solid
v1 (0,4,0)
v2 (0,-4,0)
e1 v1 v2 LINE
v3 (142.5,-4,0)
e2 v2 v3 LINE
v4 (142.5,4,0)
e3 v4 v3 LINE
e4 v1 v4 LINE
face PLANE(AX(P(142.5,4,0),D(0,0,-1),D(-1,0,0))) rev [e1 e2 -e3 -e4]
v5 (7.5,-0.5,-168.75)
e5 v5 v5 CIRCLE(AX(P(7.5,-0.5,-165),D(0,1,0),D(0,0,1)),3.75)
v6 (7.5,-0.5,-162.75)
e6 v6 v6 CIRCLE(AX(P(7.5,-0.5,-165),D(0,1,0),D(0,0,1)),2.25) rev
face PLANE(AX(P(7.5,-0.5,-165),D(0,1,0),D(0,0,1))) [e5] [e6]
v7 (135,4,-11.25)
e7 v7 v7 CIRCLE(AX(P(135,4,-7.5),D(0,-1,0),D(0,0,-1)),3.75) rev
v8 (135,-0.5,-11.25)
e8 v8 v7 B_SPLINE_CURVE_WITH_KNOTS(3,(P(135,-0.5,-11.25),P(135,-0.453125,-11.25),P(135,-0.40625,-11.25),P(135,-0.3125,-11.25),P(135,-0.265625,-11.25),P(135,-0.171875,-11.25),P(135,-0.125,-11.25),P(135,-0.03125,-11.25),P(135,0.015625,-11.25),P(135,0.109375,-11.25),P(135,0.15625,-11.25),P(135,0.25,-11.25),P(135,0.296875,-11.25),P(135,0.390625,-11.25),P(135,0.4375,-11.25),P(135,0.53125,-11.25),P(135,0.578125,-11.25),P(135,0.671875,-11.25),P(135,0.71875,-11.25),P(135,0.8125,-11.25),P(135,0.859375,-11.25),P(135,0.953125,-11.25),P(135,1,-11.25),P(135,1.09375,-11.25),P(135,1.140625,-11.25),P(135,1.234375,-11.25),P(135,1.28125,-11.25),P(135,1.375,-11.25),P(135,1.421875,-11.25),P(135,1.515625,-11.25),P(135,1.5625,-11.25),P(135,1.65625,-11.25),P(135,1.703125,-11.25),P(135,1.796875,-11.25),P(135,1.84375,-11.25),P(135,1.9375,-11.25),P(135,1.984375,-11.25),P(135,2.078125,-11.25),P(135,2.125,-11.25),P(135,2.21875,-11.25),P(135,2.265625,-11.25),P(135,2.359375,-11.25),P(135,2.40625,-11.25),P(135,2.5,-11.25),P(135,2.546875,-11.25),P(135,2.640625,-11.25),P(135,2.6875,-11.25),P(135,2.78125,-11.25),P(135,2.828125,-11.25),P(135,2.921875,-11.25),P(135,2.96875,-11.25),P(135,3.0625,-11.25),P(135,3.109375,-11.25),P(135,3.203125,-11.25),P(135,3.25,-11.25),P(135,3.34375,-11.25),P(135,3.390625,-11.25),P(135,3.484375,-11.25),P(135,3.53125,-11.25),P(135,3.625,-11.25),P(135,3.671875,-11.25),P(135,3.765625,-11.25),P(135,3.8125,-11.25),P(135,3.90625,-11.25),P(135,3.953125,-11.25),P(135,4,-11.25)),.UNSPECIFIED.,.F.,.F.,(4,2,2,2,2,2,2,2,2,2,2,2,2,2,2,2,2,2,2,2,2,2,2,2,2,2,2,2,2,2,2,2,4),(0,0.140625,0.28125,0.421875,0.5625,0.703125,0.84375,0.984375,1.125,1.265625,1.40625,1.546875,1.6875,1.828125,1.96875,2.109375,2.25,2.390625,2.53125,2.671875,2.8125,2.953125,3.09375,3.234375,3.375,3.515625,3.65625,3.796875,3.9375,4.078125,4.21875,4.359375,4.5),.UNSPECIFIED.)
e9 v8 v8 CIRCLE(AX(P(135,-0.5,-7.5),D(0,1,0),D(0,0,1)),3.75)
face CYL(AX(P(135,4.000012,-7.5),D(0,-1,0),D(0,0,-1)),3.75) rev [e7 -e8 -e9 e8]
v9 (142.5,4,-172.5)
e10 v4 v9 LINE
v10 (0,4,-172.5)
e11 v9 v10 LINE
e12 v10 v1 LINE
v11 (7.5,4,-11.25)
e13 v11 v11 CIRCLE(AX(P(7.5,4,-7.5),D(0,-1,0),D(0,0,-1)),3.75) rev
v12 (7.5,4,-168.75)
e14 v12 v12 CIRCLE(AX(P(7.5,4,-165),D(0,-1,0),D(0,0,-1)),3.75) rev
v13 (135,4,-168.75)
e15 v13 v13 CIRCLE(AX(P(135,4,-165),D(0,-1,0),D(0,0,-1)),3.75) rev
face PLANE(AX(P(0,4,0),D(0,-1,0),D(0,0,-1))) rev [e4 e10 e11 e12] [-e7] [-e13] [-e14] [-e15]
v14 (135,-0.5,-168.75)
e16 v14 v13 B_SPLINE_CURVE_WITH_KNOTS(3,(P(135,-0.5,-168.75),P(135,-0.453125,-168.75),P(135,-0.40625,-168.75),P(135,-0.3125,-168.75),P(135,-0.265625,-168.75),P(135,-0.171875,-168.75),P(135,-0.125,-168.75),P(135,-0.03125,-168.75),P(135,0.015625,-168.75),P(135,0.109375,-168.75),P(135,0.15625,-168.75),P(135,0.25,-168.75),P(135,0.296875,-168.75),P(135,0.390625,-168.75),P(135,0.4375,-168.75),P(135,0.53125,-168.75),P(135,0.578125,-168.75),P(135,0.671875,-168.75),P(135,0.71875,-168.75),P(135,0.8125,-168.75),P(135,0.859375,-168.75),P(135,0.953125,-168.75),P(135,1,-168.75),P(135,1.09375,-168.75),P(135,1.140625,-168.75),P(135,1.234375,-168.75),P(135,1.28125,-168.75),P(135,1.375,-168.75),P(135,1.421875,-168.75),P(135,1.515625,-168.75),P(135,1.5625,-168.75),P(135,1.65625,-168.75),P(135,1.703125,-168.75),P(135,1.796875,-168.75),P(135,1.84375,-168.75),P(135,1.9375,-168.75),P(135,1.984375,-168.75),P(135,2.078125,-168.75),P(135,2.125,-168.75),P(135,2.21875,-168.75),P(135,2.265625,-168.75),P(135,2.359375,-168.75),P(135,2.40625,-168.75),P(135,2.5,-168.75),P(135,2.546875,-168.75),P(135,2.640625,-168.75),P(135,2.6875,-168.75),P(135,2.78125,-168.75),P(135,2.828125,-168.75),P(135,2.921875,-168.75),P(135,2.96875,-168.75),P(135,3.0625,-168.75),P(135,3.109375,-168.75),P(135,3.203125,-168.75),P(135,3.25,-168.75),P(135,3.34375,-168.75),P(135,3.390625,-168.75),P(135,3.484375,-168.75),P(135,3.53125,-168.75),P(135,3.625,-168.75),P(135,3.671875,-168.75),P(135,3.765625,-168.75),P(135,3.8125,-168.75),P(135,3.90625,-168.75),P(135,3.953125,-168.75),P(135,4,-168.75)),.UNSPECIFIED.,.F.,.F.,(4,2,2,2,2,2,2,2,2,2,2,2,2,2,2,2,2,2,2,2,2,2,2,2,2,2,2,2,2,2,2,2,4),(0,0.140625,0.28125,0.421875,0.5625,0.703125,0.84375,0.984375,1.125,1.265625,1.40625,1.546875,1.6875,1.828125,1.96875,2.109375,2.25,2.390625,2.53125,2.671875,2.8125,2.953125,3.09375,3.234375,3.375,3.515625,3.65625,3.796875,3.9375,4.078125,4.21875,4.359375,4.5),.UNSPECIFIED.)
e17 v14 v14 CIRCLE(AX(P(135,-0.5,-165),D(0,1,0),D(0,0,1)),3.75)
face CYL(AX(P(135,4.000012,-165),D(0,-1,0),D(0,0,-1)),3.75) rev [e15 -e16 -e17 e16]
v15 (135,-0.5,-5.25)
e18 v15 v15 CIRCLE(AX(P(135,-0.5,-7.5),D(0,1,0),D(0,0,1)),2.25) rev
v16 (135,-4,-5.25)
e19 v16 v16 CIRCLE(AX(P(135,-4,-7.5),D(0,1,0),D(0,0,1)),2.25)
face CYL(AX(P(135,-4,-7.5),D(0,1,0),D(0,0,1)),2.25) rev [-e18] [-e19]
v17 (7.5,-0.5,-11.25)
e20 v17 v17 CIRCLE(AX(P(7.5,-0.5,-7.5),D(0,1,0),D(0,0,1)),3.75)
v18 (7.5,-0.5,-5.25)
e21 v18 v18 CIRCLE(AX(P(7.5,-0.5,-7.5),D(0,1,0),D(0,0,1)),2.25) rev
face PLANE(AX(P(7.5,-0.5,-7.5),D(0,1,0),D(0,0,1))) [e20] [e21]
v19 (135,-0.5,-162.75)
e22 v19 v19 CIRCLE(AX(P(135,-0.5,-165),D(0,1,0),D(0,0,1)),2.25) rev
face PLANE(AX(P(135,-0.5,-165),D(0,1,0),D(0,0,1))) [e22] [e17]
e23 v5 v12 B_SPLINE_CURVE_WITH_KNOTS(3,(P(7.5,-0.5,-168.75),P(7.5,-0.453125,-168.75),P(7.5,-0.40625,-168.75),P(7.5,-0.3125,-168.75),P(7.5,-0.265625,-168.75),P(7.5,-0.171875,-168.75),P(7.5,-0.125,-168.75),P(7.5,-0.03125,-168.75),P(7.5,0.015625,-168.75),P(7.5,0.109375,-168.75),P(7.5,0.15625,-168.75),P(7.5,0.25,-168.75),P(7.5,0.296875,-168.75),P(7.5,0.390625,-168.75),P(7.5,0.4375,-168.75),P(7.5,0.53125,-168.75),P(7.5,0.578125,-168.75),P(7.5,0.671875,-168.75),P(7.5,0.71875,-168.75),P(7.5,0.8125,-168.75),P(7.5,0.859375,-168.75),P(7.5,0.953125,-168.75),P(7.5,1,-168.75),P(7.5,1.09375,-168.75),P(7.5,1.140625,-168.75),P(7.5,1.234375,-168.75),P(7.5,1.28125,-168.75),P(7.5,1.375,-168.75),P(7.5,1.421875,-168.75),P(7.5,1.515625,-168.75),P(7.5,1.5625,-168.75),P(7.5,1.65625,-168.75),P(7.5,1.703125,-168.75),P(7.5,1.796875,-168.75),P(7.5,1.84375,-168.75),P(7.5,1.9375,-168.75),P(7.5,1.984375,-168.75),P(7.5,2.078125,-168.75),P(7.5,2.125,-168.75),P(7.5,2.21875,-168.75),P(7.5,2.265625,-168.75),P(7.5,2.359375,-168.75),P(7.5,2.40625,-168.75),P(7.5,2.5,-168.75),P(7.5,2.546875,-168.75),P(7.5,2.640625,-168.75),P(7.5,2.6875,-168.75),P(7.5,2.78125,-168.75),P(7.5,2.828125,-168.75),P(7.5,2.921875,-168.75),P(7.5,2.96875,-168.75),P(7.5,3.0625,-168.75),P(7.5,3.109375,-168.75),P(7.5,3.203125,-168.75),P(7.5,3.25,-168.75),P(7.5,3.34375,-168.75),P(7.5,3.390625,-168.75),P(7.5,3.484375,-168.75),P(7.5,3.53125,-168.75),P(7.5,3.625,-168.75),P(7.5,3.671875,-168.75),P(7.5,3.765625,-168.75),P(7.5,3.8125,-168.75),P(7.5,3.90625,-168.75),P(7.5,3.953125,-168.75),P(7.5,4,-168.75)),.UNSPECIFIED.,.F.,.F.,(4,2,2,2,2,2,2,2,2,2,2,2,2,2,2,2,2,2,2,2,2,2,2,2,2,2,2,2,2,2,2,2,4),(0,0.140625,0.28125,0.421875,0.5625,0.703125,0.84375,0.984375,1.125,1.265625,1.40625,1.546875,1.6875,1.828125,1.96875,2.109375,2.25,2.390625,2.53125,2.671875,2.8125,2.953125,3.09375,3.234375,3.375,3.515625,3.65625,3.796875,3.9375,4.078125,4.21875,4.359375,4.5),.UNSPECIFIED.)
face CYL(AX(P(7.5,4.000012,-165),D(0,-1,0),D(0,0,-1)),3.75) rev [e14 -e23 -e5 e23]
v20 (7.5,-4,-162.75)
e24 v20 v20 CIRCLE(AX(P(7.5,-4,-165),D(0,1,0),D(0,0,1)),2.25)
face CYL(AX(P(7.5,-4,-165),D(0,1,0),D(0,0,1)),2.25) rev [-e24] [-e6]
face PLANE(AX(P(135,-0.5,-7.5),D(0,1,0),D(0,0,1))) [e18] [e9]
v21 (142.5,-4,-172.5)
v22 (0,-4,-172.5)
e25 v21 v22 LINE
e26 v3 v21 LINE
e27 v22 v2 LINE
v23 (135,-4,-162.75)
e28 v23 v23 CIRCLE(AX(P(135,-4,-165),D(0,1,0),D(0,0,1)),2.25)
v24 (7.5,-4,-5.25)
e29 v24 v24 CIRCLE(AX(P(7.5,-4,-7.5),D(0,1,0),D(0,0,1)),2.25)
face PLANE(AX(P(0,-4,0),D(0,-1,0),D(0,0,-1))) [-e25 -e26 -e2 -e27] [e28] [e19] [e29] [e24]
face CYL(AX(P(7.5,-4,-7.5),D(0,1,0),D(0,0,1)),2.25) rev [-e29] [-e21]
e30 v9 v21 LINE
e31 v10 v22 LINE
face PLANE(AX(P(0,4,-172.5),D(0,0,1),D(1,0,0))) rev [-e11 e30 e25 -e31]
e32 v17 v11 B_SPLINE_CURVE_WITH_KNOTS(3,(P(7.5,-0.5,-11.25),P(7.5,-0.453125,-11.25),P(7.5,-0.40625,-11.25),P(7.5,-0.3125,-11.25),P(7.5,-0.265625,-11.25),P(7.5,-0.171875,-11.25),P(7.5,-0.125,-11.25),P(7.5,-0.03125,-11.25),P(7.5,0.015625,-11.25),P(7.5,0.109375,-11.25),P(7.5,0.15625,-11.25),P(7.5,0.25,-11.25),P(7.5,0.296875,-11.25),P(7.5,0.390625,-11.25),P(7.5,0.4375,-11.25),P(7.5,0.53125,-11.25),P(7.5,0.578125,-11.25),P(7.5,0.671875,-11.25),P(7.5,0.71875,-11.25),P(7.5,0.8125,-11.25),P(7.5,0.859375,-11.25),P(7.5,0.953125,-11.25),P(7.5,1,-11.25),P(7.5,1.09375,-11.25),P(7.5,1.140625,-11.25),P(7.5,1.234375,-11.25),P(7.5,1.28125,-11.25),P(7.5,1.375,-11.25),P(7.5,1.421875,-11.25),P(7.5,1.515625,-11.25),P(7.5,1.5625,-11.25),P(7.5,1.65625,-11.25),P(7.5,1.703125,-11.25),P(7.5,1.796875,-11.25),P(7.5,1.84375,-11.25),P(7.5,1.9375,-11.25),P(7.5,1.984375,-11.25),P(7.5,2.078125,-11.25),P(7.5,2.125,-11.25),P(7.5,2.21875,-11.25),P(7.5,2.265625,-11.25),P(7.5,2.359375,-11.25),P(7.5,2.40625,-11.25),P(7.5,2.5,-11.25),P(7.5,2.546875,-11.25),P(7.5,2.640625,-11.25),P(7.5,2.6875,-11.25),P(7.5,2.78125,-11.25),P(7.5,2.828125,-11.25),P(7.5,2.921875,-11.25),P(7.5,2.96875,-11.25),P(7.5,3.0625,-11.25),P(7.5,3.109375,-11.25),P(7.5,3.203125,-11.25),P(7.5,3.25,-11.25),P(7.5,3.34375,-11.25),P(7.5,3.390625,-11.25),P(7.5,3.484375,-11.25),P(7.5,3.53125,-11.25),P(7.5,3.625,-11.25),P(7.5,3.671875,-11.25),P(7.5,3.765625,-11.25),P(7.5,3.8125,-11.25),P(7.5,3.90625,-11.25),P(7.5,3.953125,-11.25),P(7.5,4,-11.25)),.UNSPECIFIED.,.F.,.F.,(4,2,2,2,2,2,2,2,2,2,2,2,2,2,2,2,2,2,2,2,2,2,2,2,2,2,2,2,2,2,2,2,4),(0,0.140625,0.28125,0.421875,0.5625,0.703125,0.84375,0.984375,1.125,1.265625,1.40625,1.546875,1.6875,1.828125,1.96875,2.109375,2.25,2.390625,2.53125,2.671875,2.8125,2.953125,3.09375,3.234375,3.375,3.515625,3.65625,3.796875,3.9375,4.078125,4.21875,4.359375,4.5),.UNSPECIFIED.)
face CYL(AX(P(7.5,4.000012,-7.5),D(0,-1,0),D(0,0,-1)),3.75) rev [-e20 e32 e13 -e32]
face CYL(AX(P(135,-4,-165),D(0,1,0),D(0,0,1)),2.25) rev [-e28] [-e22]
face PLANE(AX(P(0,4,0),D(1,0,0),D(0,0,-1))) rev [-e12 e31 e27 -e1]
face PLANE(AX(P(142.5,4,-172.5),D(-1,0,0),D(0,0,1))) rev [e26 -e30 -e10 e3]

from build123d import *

# Parameters (mm, degrees)
SKETCH1_W               = 142.5
SKETCH1_H               = 172.5
BOSS_EXTRUDE1_DEPTH     = 4
CUT_EXTRUDE1_DEPTH      = 224.889481665
CUT_EXTRUDE1_DEPTH_BACK = 224.889481665
SKETCH2_R               = 2.25
CUT_EXTRUDE2_DEPTH      = 224.889481665
CUT_EXTRUDE2_DEPTH_BACK = 4.5
SKETCH3_R               = 3.75


with BuildPart() as part:
    # Sketch1 → Boss-Extrude1 (new, symmetric)
    with BuildSketch(Plane(origin=(0, 0, 0), x_dir=(1, 0, 0), z_dir=(0, 1, 0))):
        with Locations((71.25, 86.25)):
            Rectangle(SKETCH1_W, SKETCH1_H)
    extrude(amount=BOSS_EXTRUDE1_DEPTH, both=True)

    # Sketch2 → Cut-Extrude1 (cut, two sides: drawn at the far end of the back side and taken through both)
    with BuildSketch(Plane(origin=(0, 4, 0), x_dir=(1, 0, 0), z_dir=(0, 1, 0)).offset(-CUT_EXTRUDE1_DEPTH_BACK)):
        with Locations(Location((7.5, 165, 0), (0, 0, 270))):
            Circle(SKETCH2_R)
        with Locations(Location((135, 165, 0), (0, 0, 270))):
            Circle(SKETCH2_R)
        with Locations(Location((135, 7.5, 0), (0, 0, 270))):
            Circle(SKETCH2_R)
        with Locations(Location((7.5, 7.5, 0), (0, 0, 270))):
            Circle(SKETCH2_R)
    extrude(amount=CUT_EXTRUDE1_DEPTH + CUT_EXTRUDE1_DEPTH_BACK, mode=Mode.SUBTRACT)

    # Sketch3 → Cut-Extrude2 (cut, two sides: drawn at the far end of the back side and taken through both)
    with BuildSketch(Plane(origin=(0, 4, 0), x_dir=(1, 0, 0), z_dir=(0, 1, 0)).offset(-CUT_EXTRUDE2_DEPTH_BACK)):
        with Locations(Location((7.5, 165, 0), (0, 0, 90))):
            Circle(SKETCH3_R)
        with Locations(Location((135, 165, 0), (0, 0, 90))):
            Circle(SKETCH3_R)
        with Locations(Location((135, 7.5, 0), (0, 0, 90))):
            Circle(SKETCH3_R)
        with Locations(Location((7.5, 7.5, 0), (0, 0, 90))):
            Circle(SKETCH3_R)
    extrude(amount=CUT_EXTRUDE2_DEPTH + CUT_EXTRUDE2_DEPTH_BACK, mode=Mode.SUBTRACT)


solid = part.part
